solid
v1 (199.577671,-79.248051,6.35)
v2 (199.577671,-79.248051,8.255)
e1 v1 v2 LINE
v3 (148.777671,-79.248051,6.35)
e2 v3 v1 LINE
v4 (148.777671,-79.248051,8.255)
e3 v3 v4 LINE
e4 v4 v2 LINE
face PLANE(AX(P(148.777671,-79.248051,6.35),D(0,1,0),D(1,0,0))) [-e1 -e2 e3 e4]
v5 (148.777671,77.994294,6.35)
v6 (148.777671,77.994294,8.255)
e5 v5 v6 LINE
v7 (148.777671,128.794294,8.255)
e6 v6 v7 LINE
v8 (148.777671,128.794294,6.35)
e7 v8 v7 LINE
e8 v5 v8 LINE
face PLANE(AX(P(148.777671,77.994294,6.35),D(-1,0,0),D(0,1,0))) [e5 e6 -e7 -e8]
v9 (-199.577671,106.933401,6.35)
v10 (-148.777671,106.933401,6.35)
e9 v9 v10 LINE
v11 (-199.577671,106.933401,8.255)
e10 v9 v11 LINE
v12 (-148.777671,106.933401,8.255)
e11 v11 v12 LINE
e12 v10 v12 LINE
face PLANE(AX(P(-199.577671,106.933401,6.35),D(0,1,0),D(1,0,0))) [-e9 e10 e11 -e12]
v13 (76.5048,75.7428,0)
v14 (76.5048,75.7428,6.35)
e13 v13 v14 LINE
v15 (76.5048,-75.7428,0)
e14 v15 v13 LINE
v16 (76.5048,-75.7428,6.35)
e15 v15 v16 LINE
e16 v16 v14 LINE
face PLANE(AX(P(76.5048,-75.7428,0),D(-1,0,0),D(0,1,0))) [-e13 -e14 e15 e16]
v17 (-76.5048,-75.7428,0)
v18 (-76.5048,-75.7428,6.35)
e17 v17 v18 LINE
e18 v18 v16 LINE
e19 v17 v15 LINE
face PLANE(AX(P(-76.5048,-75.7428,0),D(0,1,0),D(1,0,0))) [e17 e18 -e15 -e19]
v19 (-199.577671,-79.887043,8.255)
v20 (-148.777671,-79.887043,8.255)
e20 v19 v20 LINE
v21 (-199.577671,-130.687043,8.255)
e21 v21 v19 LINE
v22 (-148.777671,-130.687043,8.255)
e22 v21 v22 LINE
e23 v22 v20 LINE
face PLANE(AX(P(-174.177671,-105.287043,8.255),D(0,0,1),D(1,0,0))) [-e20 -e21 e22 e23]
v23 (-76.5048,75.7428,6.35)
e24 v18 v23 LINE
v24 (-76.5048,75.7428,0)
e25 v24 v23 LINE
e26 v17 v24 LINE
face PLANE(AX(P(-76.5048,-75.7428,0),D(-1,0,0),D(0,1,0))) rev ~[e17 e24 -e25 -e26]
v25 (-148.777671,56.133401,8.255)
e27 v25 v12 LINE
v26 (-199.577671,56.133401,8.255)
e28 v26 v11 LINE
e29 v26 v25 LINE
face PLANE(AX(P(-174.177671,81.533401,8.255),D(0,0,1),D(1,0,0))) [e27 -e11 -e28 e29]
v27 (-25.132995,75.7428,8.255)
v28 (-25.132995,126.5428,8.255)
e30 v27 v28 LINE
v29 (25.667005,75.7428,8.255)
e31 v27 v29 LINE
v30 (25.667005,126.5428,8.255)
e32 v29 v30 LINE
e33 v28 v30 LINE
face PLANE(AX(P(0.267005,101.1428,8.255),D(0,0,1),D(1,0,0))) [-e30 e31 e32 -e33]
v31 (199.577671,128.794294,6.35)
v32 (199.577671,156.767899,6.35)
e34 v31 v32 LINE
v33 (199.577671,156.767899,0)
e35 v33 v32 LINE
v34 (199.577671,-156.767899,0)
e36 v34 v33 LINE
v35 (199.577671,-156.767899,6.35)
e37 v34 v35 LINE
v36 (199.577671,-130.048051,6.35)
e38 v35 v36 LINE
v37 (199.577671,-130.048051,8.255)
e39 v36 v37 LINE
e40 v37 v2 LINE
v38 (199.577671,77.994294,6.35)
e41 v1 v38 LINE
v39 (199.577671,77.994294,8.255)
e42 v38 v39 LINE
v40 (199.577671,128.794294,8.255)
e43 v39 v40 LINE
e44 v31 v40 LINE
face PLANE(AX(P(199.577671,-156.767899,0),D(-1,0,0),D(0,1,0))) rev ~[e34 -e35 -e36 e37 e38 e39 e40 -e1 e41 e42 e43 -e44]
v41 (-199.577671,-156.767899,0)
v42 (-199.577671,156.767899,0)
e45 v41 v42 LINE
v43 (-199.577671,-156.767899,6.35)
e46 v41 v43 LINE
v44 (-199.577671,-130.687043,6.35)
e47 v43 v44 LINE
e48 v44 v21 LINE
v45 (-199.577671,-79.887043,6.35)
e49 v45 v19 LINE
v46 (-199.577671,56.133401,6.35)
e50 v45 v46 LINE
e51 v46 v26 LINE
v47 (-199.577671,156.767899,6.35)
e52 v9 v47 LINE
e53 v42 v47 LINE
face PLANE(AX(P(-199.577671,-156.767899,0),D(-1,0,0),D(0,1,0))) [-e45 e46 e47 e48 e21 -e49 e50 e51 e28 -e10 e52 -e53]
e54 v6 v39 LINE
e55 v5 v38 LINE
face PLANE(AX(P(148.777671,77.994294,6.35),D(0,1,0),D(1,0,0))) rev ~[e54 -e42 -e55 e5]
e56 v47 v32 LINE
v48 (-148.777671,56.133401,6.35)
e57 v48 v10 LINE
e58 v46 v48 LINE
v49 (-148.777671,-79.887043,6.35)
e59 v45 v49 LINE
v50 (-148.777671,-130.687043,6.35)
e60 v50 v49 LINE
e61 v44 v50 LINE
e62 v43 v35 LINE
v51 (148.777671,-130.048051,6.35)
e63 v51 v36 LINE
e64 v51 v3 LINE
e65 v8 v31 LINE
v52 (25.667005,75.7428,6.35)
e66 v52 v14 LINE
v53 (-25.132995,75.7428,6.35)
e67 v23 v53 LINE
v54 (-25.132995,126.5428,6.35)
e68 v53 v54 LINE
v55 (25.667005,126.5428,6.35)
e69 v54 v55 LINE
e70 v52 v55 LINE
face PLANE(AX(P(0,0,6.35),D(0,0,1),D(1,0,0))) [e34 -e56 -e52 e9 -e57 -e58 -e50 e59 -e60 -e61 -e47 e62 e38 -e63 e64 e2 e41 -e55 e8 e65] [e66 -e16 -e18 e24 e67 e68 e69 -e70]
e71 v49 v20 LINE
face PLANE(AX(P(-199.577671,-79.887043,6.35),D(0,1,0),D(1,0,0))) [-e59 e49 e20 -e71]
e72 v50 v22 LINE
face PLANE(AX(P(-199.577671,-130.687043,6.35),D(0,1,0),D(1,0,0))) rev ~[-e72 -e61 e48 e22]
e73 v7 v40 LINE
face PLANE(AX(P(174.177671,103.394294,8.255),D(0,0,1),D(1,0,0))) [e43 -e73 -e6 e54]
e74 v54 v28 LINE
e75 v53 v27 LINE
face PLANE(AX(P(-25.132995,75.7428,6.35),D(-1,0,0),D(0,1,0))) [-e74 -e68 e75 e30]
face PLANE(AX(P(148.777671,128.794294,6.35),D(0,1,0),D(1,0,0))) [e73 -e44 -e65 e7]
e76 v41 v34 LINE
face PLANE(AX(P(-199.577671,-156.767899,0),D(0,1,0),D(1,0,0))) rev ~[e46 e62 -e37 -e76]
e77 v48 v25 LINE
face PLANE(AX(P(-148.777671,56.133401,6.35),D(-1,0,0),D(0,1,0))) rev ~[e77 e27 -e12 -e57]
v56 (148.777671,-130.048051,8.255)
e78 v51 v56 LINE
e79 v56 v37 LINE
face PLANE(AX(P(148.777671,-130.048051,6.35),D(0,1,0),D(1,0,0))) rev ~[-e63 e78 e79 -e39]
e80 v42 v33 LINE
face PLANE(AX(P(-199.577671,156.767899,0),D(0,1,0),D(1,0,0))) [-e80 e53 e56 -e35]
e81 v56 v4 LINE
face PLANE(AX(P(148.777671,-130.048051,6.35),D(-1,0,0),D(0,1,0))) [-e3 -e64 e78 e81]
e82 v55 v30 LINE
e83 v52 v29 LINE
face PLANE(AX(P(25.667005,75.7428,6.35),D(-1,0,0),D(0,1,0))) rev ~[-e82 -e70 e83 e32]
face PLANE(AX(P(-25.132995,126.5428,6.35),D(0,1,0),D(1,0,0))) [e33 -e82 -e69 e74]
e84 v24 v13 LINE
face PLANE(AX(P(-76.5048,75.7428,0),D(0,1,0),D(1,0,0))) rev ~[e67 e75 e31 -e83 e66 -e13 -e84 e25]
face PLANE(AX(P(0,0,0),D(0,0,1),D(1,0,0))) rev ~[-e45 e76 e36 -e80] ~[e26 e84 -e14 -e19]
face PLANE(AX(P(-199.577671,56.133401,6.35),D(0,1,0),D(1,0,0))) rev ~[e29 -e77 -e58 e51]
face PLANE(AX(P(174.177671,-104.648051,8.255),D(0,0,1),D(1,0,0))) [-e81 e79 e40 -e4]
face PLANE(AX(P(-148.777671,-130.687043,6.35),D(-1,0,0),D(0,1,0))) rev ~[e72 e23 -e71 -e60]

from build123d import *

# Parameters (mm, degrees)
F0_W     = 399.155342
F0_H     = 313.535798
F0_W_2   = 153.0096
F0_H_2   = 151.4856
F1_DEPTH = 6.35
F2_W     = 50.8
F2_H     = 50.8
F3_DEPTH = 1.905


with BuildPart() as f1:
    # F0 (on Top) → F1 (new body)
    with BuildSketch(Plane.XY):
        Rectangle(F0_W, F0_H)
        Rectangle(F0_W_2, F0_H_2, mode=Mode.SUBTRACT)
    extrude(amount=F1_DEPTH)

    # F2 (on face) → F3 (join)
    with BuildSketch(Plane.XY.offset(6.35)):
        with Locations((-174.177671, -105.287043)):
            Rectangle(F2_W, F2_H)
        with Locations((-174.177671, 81.533401)):
            Rectangle(F2_W, F2_H)
        with Locations((0.267005, 101.1428)):
            Rectangle(F2_W, F2_H)
        with Locations((174.177671, 103.394294)):
            Rectangle(F2_W, F2_H)
        with Locations((174.177671, -104.648051)):
            Rectangle(F2_W, F2_H)
    extrude(amount=F3_DEPTH)


solid = f1.part
